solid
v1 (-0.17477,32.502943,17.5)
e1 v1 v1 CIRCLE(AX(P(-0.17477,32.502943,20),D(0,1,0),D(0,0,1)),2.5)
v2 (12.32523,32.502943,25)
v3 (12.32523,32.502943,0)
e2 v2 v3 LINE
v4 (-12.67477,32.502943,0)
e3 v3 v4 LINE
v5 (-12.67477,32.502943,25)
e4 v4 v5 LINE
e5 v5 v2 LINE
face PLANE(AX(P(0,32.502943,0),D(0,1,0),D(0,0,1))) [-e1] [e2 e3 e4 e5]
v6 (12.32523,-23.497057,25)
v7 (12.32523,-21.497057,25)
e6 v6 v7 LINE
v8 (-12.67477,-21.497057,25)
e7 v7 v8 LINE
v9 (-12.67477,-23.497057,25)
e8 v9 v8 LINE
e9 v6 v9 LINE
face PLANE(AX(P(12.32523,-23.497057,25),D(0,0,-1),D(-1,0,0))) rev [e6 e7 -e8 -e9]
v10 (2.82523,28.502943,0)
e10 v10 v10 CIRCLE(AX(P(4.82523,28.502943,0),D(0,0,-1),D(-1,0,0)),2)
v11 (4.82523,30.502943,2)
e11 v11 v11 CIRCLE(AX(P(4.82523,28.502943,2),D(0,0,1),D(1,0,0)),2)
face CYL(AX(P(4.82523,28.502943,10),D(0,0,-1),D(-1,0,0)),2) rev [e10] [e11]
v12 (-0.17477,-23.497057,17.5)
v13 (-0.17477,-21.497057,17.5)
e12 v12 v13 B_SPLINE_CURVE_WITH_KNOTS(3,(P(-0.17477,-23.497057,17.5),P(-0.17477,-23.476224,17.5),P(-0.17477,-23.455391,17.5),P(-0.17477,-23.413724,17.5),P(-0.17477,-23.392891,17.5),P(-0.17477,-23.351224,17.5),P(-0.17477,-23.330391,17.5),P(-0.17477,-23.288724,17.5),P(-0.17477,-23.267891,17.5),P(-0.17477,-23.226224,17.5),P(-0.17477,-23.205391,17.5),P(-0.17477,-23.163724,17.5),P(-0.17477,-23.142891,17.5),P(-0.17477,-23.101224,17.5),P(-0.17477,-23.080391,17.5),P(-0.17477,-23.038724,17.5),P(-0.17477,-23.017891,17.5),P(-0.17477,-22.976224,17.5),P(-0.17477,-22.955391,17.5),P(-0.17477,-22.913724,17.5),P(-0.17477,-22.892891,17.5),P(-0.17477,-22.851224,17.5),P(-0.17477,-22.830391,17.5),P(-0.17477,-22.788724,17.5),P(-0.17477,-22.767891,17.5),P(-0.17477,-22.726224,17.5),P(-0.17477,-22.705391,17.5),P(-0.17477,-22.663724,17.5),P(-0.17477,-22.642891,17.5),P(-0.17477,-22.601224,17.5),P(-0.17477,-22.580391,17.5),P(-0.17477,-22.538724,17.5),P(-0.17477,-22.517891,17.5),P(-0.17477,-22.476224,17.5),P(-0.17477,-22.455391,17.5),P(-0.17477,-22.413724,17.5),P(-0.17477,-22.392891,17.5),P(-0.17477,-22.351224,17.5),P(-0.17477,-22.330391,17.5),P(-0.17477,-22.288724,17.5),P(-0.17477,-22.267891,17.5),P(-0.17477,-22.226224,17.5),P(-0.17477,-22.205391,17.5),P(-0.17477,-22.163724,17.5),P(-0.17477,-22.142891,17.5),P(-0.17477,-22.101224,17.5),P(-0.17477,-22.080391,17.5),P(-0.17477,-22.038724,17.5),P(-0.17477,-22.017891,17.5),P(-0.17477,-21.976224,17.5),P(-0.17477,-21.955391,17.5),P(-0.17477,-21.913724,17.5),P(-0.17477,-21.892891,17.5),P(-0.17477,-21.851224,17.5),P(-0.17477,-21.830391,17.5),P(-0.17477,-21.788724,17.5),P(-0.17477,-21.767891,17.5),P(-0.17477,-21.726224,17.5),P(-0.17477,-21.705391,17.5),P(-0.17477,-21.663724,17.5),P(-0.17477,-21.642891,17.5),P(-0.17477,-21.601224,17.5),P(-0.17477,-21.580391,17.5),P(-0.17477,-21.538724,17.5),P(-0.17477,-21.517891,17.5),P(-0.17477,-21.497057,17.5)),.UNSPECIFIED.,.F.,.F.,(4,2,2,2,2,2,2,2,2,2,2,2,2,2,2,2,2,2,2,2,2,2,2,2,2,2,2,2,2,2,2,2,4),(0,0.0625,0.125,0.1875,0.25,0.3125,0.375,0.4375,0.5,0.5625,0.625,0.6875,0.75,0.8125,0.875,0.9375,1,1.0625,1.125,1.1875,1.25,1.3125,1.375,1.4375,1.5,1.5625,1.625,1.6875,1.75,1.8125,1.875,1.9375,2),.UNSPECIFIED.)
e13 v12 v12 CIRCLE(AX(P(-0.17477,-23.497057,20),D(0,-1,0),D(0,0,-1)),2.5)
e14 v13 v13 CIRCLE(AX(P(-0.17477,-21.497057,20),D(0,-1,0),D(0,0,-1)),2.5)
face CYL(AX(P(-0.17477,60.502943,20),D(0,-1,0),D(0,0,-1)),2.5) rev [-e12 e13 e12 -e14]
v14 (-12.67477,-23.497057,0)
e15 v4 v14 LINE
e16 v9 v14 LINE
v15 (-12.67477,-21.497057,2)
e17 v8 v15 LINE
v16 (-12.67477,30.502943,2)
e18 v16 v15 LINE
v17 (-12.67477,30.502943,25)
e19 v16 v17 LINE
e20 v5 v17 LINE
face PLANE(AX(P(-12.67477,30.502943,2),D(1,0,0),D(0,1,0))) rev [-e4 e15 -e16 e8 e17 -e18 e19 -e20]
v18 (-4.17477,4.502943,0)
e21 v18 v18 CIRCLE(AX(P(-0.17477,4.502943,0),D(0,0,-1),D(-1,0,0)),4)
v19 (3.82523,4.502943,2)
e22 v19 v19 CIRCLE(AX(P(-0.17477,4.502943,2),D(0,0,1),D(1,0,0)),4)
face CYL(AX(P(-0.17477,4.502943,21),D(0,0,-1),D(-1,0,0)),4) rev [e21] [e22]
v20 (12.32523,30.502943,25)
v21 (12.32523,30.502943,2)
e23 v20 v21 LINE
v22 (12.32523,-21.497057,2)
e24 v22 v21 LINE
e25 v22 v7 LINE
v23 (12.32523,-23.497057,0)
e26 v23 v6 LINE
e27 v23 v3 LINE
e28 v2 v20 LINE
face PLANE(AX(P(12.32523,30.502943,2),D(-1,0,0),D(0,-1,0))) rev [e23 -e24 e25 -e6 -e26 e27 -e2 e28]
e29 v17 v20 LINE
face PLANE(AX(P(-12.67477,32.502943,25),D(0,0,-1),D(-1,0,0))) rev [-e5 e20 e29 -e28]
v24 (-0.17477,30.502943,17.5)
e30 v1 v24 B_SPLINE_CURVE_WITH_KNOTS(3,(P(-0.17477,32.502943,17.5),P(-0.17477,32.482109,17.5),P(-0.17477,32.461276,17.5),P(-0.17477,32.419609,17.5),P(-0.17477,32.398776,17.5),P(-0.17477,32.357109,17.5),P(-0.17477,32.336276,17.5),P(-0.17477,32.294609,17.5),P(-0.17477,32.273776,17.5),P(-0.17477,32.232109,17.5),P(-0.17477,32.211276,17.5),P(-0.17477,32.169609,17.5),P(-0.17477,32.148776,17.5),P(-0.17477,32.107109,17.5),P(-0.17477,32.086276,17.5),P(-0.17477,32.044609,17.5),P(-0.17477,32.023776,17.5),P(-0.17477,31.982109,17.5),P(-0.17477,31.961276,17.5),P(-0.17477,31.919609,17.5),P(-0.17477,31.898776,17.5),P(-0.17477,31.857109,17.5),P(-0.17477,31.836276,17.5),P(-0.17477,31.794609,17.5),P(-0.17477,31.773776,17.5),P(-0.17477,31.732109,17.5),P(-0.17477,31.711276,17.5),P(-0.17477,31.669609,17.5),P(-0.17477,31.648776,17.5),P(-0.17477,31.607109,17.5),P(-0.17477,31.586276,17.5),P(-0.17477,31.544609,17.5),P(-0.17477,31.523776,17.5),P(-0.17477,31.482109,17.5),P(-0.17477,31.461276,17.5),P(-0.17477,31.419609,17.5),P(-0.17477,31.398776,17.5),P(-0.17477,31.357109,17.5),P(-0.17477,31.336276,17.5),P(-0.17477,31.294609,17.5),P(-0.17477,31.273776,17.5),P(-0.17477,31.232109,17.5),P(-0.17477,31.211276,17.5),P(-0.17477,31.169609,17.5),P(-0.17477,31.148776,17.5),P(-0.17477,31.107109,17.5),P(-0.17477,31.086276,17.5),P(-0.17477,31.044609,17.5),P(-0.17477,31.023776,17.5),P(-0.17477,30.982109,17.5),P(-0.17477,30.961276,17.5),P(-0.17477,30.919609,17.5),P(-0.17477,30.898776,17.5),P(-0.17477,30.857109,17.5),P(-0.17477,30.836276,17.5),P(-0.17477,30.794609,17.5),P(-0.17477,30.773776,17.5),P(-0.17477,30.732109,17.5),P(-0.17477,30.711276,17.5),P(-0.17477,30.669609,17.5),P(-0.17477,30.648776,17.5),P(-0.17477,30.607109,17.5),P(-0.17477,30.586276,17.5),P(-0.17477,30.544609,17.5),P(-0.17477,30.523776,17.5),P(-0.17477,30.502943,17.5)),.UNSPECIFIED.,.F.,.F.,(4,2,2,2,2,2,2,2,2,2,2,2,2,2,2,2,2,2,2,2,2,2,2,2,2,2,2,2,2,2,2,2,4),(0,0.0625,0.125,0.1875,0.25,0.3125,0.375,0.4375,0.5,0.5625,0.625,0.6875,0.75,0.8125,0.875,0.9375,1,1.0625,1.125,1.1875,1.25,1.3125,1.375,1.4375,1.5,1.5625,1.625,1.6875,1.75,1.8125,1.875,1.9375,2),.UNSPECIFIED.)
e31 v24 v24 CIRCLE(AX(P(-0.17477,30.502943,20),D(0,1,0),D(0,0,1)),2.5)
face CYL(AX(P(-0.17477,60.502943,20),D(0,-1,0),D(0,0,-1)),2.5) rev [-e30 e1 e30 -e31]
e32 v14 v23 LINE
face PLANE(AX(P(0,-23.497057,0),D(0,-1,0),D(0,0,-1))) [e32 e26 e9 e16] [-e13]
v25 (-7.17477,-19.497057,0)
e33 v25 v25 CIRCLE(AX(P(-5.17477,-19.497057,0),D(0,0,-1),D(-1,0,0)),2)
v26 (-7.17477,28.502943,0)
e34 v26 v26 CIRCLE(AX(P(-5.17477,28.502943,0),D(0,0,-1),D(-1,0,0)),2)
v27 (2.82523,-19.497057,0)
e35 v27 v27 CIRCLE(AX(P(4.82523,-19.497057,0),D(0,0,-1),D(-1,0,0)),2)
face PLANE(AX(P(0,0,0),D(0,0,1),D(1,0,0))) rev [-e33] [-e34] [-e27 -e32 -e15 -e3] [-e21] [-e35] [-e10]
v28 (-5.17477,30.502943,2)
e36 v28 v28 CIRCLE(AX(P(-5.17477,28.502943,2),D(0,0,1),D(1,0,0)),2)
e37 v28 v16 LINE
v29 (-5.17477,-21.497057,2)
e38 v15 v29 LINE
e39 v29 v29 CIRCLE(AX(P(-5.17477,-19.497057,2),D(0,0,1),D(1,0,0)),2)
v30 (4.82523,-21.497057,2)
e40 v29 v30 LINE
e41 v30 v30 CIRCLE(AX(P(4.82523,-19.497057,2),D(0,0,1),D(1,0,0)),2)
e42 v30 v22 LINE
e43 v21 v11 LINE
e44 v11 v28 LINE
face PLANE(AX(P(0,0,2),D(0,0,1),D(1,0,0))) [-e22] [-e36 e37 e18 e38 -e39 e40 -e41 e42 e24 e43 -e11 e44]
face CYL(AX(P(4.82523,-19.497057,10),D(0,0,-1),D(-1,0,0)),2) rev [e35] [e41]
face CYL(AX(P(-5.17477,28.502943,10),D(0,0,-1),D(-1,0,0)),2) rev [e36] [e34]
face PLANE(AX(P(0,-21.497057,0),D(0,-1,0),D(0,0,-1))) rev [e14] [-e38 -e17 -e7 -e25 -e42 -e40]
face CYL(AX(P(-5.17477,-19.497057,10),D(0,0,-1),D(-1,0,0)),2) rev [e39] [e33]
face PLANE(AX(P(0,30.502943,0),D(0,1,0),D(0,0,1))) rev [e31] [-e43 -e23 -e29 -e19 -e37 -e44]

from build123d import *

# Parameters (mm, degrees)
SKETCH1_W           = 25
SKETCH1_H           = 52
BOSS_EXTRUDE1_DEPTH = 2
SKETCH2_W           = 25
SKETCH2_H           = 25
BOSS_EXTRUDE2_DEPTH = 2
SKETCH3_W           = 25
SKETCH3_H           = 25
BOSS_EXTRUDE3_DEPTH = 2
SKETCH5_R           = 4
CUT_EXTRUDE2_DEPTH  = 21
SKETCH7_R           = 2.5
CUT_EXTRUDE4_DEPTH  = 84
SKETCH8_R           = 2
CUT_EXTRUDE5_DEPTH  = 10


with BuildPart() as part:
    # Sketch1 → Boss-Extrude1 (new body)
    with BuildSketch(Plane.XY):
        with Locations((-0.174770451, 4.502942624)):
            Rectangle(SKETCH1_W, SKETCH1_H)
    extrude(amount=BOSS_EXTRUDE1_DEPTH)

    # Sketch2 → Boss-Extrude2 (add)
    with BuildSketch(Plane(origin=(0, 30.502942624, 0), x_dir=(1, 0, 0), z_dir=(0, 1, 0))):
        with Locations((-0.174770451, -12.5)):
            Rectangle(SKETCH2_W, SKETCH2_H)
    extrude(amount=BOSS_EXTRUDE2_DEPTH)

    # Sketch3 → Boss-Extrude3 (add)
    with BuildSketch(Plane(origin=(0, -21.497057376, 0), x_dir=(-1, 0, 0), z_dir=(0, -1, 0))):
        with Locations((0.174770451, -12.5)):
            Rectangle(SKETCH3_W, SKETCH3_H)
    extrude(amount=BOSS_EXTRUDE3_DEPTH)

    # Sketch5 → Cut-Extrude2 (cut)
    with BuildSketch(Plane(origin=(0, 0, 0), x_dir=(-1, 0, 0), z_dir=(0, 0, -1))):
        with Locations((0.174770451, 4.502942624)):
            Circle(SKETCH5_R)
    extrude(amount=-CUT_EXTRUDE2_DEPTH, mode=Mode.SUBTRACT)

    # Sketch7 → Cut-Extrude4 (cut)
    with BuildSketch(Plane(origin=(0, -23.497057376, 0), x_dir=(-1, 0, 0), z_dir=(0, -1, 0))):
        with Locations(Location((0.174770451, -20, 0), (0, 0, 90))):
            Circle(SKETCH7_R)
    extrude(amount=-CUT_EXTRUDE4_DEPTH, mode=Mode.SUBTRACT)

    # Sketch8 → Cut-Extrude5 (cut)
    with BuildSketch(Plane(origin=(0, 0, 0), x_dir=(-1, 0, 0), z_dir=(0, 0, -1))):
        with Locations((5.174770451, -19.497057376)):
            Circle(SKETCH8_R)
        with Locations((-4.825229549, -19.497057376)):
            Circle(SKETCH8_R)
        with Locations((-4.825229549, 28.502942624)):
            Circle(SKETCH8_R)
        with Locations((5.174770451, 28.502942624)):
            Circle(SKETCH8_R)
    extrude(amount=-CUT_EXTRUDE5_DEPTH, mode=Mode.SUBTRACT)


solid = part.part
